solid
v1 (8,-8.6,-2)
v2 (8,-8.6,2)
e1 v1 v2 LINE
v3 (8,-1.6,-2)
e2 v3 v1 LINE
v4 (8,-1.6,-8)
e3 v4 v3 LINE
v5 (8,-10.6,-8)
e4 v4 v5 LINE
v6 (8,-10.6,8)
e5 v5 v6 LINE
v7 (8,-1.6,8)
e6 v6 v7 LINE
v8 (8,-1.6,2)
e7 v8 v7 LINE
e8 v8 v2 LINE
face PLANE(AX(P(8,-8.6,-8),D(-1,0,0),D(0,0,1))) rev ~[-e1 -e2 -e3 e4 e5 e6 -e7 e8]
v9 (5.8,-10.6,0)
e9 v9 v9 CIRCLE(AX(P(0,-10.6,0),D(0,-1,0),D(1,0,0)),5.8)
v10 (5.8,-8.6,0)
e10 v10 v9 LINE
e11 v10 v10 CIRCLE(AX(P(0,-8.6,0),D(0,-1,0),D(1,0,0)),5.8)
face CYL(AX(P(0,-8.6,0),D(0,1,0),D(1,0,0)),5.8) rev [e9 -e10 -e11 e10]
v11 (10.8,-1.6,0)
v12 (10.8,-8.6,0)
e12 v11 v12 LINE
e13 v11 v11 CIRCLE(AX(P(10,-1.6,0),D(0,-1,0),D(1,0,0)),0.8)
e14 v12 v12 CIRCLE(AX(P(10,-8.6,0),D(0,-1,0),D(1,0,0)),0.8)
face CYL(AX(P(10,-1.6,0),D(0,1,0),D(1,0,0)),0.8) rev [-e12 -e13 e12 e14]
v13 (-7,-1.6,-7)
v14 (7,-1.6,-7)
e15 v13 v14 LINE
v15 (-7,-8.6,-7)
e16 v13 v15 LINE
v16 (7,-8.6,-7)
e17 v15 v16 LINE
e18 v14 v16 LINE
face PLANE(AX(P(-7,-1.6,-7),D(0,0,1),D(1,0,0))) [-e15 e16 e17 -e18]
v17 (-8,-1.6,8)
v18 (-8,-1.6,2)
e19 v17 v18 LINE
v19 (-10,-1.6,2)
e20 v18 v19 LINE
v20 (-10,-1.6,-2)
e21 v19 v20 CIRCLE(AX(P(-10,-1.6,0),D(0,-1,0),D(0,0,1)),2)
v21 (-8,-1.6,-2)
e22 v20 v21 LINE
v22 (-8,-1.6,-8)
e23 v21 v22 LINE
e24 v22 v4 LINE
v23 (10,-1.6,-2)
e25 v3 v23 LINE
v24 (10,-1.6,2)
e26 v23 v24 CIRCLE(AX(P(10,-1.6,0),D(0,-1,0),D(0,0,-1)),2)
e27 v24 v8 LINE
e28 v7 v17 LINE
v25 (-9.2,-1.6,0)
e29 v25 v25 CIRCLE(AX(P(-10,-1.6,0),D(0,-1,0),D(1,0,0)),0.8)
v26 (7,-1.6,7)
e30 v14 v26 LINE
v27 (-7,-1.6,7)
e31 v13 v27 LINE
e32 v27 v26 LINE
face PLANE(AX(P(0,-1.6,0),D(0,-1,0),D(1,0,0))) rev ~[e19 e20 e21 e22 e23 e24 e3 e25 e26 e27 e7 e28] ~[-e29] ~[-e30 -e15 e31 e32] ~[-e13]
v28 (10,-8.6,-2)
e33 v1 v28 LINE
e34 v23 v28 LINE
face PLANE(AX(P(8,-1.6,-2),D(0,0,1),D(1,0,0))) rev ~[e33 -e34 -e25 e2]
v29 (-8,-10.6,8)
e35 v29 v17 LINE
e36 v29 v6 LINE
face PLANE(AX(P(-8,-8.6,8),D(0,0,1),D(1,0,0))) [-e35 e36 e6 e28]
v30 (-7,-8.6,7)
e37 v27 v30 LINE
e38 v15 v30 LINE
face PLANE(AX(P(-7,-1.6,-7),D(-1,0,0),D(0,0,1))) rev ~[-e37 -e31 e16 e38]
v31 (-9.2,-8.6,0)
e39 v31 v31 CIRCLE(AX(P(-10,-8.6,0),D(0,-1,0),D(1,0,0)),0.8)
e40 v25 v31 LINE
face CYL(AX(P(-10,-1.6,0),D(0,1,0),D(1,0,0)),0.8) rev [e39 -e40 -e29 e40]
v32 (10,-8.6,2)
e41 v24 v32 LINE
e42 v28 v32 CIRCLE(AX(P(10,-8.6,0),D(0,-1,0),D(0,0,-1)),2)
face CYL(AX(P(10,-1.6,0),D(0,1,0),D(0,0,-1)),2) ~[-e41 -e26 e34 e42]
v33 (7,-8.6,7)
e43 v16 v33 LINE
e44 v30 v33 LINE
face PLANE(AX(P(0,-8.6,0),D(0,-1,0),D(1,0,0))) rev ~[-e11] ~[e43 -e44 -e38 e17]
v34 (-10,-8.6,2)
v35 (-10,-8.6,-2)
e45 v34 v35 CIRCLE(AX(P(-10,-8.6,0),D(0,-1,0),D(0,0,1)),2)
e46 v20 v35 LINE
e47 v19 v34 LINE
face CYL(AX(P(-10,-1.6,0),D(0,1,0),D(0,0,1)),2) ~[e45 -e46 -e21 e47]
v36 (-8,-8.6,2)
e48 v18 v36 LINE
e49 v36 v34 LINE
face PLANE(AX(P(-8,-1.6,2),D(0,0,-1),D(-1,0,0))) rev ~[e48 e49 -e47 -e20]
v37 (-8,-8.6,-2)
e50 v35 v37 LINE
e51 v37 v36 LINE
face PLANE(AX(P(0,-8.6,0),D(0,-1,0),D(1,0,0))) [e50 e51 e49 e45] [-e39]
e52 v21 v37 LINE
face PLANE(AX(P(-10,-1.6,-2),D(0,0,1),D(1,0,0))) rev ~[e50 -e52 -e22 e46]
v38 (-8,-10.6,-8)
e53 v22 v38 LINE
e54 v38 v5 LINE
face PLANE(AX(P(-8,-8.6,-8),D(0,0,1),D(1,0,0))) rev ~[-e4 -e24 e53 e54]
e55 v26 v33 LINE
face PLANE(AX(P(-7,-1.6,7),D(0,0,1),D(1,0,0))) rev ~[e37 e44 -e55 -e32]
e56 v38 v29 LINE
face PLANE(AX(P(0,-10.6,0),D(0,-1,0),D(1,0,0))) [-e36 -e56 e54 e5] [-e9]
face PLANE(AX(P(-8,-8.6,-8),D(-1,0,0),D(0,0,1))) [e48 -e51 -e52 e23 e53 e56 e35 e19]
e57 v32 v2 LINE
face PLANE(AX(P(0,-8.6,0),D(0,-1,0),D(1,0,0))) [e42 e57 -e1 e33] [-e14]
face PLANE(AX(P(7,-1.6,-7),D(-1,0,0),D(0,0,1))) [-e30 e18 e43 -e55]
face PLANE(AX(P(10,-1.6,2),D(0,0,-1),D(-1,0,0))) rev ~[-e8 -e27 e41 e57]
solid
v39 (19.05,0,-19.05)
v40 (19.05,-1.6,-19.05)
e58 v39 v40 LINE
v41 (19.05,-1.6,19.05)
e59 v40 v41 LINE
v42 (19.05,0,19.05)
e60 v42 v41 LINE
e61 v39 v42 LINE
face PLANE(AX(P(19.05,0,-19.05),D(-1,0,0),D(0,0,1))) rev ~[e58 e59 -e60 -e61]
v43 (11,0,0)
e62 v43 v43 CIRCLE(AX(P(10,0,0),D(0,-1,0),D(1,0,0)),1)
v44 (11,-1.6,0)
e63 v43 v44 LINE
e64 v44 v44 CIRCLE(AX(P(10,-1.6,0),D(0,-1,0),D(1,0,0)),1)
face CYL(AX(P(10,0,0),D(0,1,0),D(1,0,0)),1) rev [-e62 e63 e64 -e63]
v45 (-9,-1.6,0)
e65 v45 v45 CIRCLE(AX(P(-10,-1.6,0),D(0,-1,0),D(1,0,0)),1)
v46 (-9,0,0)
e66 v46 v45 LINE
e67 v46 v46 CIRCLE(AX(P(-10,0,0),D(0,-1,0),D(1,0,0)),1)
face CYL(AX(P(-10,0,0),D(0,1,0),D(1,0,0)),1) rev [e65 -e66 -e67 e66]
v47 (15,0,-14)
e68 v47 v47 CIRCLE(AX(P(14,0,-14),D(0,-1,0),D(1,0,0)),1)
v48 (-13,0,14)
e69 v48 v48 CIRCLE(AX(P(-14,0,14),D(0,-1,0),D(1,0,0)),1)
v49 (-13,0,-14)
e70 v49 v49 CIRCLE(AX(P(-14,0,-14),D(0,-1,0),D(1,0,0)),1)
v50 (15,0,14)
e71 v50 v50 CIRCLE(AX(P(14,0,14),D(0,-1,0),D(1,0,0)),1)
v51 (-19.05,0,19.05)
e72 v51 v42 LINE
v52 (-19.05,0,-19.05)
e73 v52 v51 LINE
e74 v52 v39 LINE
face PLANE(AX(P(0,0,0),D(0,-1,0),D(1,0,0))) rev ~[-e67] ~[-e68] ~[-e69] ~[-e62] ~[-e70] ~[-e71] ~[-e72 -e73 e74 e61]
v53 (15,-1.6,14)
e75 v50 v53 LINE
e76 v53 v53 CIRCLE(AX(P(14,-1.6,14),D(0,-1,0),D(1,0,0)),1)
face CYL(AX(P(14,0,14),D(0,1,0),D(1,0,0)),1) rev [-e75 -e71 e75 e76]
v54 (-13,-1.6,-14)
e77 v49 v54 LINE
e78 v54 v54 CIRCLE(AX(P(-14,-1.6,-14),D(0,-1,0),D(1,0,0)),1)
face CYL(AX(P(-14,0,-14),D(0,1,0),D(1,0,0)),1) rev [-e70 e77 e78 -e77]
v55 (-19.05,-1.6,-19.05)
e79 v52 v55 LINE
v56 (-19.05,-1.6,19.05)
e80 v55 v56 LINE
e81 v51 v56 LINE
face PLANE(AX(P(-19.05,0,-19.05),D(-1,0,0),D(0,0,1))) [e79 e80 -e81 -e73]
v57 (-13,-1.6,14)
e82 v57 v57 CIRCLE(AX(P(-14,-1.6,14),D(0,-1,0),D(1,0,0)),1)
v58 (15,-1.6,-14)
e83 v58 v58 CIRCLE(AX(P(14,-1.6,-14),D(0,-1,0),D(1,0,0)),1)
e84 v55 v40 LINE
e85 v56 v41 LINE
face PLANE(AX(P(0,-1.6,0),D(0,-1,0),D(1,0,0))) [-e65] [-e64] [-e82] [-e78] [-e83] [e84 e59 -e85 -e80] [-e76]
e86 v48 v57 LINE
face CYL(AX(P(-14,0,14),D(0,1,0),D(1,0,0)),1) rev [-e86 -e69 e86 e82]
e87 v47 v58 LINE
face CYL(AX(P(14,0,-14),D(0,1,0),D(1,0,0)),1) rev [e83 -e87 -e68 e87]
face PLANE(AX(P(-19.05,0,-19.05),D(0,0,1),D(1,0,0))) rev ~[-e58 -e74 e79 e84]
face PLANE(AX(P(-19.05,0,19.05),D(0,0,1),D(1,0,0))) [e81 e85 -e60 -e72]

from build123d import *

# Parameters (mm, degrees)
F0_W     = 38.1
F0_H     = 38.1
F0_R     = 1
F1_DEPTH = 1.6
F2_R     = 0.8
F2_W     = 14
F2_H     = 14
F3_DEPTH = 7
F4_W     = 16
F4_H     = 16
F4_R     = 5.8
F5_DEPTH = 2


with BuildPart() as f1:
    # F0 (on Front) → F1 (new body)
    with BuildSketch(Plane.XZ):
        Rectangle(F0_W, F0_H)
        with Locations((-14, -14)):
            Circle(F0_R, mode=Mode.SUBTRACT)
        with Locations((14, -14)):
            Circle(F0_R, mode=Mode.SUBTRACT)
        with Locations((-10, 0)):
            Circle(F0_R, mode=Mode.SUBTRACT)
        with Locations((-14, 14)):
            Circle(F0_R, mode=Mode.SUBTRACT)
        with Locations((10, 0)):
            Circle(F0_R, mode=Mode.SUBTRACT)
        with Locations((14, 14)):
            Circle(F0_R, mode=Mode.SUBTRACT)
    extrude(amount=F1_DEPTH)


with BuildPart() as f3:
    # F2 (on face) → F3 (new body)
    with BuildSketch(Plane.XZ.offset(1.6)):
        with BuildLine():
            Line((-8, -8), (8, -8))
            Line((8, -8), (8, -2))
            Line((8, -2), (10, -2))
            ThreePointArc((10, -2), (12, 0), (10, 2))
            Line((10, 2), (8, 2))
            Line((8, 2), (8, 8))
            Line((8, 8), (-8, 8))
            Line((-8, 8), (-8, 2))
            Line((-8, 2), (-10, 2))
            ThreePointArc((-10, 2), (-12, 0), (-10, -2))
            Line((-10, -2), (-8, -2))
            Line((-8, -2), (-8, -8))
        make_face()
        with Locations((-10, 0)):
            Circle(F2_R, mode=Mode.SUBTRACT)
        Rectangle(F2_W, F2_H, mode=Mode.SUBTRACT)
        with Locations((10, 0)):
            Circle(F2_R, mode=Mode.SUBTRACT)
    extrude(amount=F3_DEPTH)

    # F4 (on face) → F5 (join)
    with BuildSketch(Plane.XZ.offset(8.6)):
        Rectangle(F4_W, F4_H)
        Circle(F4_R, mode=Mode.SUBTRACT)
    extrude(amount=F5_DEPTH)


solid = Compound([f1.part, f3.part])
